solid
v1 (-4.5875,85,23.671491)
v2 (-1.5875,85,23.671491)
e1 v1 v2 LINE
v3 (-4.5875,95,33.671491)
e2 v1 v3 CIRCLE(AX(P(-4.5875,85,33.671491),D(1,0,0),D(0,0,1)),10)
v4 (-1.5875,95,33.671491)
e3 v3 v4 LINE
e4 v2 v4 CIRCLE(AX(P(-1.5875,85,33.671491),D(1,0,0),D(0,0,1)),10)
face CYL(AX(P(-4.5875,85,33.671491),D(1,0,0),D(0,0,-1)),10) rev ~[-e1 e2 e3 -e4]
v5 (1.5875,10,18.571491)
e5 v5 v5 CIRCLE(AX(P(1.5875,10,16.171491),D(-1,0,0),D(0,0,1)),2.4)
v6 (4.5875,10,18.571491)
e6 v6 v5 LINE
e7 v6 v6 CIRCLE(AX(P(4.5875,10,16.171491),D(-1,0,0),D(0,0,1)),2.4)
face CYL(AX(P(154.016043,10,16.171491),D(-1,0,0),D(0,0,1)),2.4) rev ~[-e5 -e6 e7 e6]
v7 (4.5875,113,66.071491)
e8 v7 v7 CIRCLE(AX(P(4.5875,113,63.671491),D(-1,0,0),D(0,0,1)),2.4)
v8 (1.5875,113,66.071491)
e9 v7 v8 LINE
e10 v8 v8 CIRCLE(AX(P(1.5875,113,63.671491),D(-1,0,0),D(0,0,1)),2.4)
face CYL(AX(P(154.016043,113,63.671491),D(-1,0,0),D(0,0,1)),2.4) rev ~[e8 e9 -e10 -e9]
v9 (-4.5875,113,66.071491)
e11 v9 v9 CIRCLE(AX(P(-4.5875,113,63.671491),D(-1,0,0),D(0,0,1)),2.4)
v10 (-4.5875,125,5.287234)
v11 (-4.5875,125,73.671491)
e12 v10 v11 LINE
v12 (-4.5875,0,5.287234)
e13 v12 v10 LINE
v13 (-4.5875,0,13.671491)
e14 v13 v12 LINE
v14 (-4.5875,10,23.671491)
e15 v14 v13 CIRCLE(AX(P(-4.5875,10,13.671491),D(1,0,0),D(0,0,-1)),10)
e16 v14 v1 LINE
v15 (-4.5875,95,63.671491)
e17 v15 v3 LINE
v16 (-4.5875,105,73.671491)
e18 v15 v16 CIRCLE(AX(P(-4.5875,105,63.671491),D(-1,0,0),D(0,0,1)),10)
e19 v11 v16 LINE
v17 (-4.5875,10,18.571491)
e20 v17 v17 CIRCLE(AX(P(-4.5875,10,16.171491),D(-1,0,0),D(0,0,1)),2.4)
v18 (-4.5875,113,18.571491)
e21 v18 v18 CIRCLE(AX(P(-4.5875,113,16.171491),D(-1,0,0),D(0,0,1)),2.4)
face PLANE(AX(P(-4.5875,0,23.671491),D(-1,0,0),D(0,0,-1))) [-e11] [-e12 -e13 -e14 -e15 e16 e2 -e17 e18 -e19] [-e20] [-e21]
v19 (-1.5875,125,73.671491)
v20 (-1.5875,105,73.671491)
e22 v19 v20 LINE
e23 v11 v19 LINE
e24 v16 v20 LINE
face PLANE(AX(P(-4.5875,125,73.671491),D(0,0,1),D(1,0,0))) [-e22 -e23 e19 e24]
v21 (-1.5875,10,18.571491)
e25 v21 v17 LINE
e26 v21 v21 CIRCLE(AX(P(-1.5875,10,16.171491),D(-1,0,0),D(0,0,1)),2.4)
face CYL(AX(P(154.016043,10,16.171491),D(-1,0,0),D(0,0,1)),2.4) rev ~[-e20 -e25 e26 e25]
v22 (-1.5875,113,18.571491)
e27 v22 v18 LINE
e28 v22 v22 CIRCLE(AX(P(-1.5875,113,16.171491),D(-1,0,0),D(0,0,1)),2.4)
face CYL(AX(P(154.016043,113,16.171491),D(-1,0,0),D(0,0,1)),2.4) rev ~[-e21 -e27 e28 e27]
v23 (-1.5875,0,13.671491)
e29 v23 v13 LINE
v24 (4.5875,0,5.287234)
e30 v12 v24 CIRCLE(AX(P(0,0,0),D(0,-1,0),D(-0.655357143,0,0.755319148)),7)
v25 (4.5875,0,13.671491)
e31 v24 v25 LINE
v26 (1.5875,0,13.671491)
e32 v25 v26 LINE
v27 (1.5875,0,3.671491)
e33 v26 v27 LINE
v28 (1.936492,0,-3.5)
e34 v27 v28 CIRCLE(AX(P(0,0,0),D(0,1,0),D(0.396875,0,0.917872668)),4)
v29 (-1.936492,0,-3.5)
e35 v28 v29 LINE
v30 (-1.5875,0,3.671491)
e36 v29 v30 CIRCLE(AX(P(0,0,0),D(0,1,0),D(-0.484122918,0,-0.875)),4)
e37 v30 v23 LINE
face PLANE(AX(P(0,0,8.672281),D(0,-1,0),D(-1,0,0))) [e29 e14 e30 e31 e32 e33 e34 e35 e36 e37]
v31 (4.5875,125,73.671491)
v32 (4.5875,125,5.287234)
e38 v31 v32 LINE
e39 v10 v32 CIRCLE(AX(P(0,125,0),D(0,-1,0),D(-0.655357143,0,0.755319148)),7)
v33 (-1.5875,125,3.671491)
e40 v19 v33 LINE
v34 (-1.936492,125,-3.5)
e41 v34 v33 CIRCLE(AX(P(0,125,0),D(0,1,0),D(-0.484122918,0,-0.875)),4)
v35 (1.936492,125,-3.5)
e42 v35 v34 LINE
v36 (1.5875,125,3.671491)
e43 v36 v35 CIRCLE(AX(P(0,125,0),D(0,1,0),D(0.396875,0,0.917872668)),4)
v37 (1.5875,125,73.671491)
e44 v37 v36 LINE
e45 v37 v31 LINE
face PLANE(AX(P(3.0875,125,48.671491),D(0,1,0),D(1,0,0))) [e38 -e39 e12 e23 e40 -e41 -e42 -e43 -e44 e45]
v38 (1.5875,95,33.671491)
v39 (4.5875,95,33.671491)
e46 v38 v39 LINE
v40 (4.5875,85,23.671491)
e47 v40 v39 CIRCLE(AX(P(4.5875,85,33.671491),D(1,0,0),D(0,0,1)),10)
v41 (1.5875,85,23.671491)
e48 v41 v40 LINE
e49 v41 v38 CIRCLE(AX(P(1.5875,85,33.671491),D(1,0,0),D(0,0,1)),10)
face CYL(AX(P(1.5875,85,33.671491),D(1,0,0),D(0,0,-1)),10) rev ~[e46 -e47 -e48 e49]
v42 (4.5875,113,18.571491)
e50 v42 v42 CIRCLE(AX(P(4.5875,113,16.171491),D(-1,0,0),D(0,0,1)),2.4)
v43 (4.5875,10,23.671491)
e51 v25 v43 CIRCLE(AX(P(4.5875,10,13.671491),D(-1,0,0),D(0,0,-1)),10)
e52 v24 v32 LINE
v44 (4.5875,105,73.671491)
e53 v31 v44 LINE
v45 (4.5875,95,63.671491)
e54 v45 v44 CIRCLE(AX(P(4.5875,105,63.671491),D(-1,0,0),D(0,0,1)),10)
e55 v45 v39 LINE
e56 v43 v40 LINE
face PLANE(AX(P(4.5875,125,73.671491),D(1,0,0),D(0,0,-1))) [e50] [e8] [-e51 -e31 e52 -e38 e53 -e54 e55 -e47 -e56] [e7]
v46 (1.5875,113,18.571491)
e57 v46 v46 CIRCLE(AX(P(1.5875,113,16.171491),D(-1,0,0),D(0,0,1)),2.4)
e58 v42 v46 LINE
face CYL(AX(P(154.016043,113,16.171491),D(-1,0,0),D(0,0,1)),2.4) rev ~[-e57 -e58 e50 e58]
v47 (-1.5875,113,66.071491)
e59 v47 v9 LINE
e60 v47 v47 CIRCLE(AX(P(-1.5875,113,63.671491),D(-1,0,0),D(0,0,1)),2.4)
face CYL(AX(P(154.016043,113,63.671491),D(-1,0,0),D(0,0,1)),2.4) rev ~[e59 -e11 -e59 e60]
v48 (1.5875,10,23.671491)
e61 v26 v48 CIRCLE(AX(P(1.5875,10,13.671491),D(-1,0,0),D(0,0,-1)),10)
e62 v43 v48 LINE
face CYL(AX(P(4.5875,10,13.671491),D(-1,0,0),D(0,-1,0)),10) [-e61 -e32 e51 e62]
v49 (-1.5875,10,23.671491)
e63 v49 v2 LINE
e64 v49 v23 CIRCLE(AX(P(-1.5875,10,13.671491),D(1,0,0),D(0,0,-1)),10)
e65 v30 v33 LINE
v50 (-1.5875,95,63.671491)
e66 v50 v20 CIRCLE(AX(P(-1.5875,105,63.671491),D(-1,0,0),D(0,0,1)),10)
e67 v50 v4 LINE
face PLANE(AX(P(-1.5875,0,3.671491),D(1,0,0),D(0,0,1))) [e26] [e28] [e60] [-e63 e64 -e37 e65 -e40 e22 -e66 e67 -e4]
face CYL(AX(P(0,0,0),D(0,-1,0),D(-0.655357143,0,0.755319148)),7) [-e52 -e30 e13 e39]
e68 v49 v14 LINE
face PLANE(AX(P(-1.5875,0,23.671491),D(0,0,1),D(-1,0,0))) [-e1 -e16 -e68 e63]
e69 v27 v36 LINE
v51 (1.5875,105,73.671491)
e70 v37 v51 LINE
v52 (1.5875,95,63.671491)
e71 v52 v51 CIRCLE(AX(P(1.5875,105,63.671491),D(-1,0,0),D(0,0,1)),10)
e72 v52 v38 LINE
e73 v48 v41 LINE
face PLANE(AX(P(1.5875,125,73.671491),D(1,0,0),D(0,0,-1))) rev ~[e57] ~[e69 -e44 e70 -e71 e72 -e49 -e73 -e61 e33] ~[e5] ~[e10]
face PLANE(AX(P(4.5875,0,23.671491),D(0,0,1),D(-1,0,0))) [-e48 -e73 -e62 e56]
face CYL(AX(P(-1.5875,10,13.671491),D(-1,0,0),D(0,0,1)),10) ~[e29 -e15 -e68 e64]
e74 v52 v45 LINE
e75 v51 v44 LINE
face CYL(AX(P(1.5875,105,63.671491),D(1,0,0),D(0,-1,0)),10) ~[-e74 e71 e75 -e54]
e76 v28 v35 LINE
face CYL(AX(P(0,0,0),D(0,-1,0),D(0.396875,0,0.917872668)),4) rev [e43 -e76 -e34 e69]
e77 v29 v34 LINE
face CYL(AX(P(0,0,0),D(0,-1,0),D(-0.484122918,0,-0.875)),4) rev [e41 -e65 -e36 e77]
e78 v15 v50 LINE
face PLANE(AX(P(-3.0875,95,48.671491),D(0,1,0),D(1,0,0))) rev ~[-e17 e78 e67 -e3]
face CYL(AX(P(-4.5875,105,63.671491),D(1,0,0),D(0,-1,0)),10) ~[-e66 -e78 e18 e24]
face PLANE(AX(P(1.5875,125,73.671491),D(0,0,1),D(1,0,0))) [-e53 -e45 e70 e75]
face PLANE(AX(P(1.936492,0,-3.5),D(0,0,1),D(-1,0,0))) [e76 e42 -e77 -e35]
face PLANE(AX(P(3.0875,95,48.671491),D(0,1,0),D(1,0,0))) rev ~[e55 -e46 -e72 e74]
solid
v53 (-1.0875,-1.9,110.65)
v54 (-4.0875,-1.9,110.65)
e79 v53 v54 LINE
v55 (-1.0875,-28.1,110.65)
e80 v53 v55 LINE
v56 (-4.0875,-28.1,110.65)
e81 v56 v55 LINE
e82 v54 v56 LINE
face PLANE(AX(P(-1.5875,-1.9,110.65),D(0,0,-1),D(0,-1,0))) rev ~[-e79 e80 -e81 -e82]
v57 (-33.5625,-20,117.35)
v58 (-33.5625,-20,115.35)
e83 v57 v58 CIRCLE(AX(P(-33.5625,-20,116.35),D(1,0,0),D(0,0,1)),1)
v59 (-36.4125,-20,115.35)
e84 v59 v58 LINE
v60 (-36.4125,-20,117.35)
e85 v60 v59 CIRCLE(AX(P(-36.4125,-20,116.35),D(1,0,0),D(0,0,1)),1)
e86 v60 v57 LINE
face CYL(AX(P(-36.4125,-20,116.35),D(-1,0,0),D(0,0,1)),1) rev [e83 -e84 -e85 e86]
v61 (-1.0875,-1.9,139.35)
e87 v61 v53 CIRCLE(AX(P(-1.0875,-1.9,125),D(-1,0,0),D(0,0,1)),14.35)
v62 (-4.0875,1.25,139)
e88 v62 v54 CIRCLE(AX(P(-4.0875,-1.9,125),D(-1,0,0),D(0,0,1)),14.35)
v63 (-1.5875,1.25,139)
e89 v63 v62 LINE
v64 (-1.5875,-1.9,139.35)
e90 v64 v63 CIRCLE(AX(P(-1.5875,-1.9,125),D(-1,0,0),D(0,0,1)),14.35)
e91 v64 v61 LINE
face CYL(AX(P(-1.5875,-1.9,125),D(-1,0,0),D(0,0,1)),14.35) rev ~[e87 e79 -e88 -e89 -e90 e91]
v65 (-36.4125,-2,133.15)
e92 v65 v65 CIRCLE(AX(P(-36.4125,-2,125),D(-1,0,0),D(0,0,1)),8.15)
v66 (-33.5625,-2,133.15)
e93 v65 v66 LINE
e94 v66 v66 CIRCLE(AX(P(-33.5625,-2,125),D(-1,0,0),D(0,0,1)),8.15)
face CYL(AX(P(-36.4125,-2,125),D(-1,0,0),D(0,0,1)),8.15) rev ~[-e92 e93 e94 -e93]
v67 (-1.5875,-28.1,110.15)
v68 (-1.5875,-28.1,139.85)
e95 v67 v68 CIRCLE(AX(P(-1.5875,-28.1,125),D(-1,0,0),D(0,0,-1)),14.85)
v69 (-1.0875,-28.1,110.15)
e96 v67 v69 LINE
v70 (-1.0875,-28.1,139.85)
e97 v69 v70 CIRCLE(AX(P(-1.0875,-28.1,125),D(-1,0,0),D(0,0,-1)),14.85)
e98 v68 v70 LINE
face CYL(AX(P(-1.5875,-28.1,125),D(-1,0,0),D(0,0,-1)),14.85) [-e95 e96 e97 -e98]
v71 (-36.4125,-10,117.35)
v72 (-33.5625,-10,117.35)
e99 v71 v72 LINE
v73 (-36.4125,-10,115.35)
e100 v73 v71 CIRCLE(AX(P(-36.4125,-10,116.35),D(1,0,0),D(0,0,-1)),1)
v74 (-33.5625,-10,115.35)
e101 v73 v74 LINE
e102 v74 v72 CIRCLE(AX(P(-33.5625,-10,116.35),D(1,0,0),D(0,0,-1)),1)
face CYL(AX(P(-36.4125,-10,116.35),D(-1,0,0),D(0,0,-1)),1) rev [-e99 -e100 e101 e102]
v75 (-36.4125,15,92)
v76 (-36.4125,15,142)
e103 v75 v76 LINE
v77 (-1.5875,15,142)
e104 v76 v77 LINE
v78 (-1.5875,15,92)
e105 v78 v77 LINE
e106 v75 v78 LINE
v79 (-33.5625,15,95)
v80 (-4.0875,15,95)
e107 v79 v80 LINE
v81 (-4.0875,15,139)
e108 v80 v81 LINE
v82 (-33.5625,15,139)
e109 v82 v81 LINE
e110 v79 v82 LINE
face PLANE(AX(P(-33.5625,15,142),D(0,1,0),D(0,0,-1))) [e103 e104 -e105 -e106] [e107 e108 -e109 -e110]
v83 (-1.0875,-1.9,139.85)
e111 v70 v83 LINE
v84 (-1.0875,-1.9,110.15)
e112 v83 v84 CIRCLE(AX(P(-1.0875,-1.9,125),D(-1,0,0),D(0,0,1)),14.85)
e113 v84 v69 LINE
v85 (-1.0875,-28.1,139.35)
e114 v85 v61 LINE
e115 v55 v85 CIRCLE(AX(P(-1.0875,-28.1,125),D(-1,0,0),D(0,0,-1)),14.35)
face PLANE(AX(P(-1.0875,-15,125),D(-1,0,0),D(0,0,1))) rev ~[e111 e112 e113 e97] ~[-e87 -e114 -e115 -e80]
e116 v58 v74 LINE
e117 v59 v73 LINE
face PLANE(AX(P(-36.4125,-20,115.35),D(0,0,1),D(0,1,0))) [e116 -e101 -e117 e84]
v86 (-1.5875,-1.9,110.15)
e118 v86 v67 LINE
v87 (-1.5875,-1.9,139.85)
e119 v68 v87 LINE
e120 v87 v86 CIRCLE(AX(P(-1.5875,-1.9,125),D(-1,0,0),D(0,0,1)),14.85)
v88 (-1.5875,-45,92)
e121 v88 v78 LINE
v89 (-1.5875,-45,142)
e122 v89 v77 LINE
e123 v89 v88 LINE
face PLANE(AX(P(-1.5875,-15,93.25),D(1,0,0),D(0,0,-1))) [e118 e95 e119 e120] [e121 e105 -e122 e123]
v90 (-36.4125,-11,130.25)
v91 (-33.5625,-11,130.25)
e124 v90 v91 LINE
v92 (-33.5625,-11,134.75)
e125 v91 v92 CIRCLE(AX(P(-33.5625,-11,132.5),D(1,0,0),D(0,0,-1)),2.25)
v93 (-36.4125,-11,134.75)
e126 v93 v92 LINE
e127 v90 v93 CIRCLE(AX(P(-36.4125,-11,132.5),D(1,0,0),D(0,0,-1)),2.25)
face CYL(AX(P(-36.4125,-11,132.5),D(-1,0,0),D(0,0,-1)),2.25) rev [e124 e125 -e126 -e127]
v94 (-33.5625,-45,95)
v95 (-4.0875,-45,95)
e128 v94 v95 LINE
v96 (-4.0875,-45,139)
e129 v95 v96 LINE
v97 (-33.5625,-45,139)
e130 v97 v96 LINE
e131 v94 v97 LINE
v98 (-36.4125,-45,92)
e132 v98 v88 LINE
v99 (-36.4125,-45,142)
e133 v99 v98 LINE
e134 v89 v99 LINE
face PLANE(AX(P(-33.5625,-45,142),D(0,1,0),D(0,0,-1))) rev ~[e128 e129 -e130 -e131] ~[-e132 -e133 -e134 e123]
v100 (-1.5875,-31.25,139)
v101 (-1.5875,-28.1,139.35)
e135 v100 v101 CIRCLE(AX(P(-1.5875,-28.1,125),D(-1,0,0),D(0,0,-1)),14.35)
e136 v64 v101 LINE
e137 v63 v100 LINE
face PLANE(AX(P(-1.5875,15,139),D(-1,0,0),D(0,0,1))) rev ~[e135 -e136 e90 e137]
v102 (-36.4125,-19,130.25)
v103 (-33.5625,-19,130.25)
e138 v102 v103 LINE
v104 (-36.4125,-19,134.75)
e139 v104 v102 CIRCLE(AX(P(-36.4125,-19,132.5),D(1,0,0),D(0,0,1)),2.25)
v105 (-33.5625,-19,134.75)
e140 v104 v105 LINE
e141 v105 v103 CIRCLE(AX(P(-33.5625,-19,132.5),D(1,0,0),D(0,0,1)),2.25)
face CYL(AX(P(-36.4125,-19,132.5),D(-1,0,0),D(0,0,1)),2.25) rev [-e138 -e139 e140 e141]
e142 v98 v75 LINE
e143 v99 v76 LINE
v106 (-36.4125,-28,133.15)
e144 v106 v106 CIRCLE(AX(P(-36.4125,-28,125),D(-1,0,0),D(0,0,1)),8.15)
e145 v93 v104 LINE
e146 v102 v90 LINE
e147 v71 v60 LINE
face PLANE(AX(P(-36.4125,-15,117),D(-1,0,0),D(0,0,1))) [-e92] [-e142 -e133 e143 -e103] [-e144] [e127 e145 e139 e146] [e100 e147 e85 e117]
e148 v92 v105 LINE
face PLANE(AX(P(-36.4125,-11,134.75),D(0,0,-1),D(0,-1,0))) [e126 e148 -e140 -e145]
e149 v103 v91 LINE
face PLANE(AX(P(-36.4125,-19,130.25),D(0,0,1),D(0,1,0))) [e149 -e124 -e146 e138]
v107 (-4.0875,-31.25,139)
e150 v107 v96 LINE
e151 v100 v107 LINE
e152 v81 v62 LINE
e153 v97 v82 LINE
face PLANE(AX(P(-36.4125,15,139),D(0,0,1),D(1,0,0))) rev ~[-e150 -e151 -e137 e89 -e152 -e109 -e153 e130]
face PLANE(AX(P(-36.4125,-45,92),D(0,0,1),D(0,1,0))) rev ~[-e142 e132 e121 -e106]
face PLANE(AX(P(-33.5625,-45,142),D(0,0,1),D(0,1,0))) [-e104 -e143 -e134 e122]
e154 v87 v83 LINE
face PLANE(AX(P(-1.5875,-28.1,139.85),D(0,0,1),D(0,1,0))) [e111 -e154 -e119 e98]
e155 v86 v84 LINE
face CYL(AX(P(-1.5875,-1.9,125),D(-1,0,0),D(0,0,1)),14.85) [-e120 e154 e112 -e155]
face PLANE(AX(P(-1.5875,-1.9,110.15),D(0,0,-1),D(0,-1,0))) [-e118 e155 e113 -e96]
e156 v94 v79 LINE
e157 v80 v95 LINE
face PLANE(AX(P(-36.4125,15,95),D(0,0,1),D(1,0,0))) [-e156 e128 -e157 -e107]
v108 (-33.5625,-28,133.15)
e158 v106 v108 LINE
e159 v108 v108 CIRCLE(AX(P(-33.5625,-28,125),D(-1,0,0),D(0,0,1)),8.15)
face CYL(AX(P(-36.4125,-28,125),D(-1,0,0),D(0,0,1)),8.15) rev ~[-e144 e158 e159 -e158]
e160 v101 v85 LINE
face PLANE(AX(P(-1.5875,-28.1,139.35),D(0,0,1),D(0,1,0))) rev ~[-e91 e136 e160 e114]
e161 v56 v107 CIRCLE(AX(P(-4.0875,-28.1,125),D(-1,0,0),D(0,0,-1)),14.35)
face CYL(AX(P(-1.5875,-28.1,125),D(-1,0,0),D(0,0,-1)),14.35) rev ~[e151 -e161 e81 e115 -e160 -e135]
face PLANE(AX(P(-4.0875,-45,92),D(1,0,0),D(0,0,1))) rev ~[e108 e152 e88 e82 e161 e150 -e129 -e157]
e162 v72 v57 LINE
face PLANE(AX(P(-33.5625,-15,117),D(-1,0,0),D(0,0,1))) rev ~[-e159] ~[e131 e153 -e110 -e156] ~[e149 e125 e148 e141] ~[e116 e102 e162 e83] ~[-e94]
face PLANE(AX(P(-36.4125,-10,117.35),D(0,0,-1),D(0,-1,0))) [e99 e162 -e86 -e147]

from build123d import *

# Parameters (mm, degrees)
BOSS_EXTRUDE1_DEPTH  = 125
SKETCH6_W            = 3
SKETCH6_H            = 50
BOSS_EXTRUDE3_DEPTH  = 30
FILLET6_R            = 10
M4_CLEARANCE_HOLE1_D = 4.8
SKETCH16_W           = 50
SKETCH16_H           = 60
SKETCH16_R           = 8.15
BOSS_EXTRUDE9_DEPTH  = 2.85
SKETCH19_W           = 2.5
SKETCH19_H           = 60
BOSS_EXTRUDE11_DEPTH = 31.975
SKETCH20_W           = 2.5
SKETCH20_H           = 50
BOSS_EXTRUDE12_DEPTH = 60
CUT_EXTRUDE3_DEPTH   = 2.5
BOSS_EXTRUDE13_DEPTH = 0.5
BOSS_EXTRUDE10_START = -60
SKETCH18_W           = 34.825
SKETCH18_H           = 3
BOSS_EXTRUDE10_DEPTH = 60


with BuildPart() as part:
    # Sketch1 → Boss-Extrude1 (new body)
    with BuildSketch(Plane(origin=(0, 0, 0), x_dir=(1, 0, 0), z_dir=(0, 1, 0))):
        with BuildLine():
            Line((-1.5875, -3.671490671), (-1.5875, -23.671490671))
            Line((-1.5875, -23.671490671), (-4.5875, -23.671490671))
            Line((-4.5875, -23.671490671), (-4.5875, -5.287234036))
            ThreePointArc((-4.5875, -5.287234036), (0, 7), (4.5875, -5.287234036))
            Line((4.5875, -5.287234036), (4.5875, -23.671490671))
            Line((4.5875, -23.671490671), (1.5875, -23.671490671))
            Line((1.5875, -23.671490671), (1.5875, -3.671490671))
            ThreePointArc((1.5875, -3.671490671), (3.995272073, -0.194424946), (1.936491673, 3.5))
            Line((1.936491673, 3.5), (-1.936491673, 3.5))
            ThreePointArc((-1.936491673, 3.5), (-3.995272073, -0.194424946), (-1.5875, -3.671490671))
        make_face()
    extrude(amount=BOSS_EXTRUDE1_DEPTH)

    # Sketch6 → Boss-Extrude3 (add)
    with BuildSketch(Plane(origin=(0, 125, 0), x_dir=(1, 0, 0), z_dir=(0, 1, 0))):
        with Locations((3.0875, -48.671490671)):
            Rectangle(SKETCH6_W, SKETCH6_H)
        with Locations((-3.0875, -48.671490671)):
            Rectangle(SKETCH6_W, SKETCH6_H)
    extrude(amount=-BOSS_EXTRUDE3_DEPTH)

    # Fillet6
    fillet6_edges = [part.edges().sort_by_distance(p)[0] for p in [
        (-3.0875, 0, 23.671490671),
        (3.0875, 0, 23.671490671),
        (3.0875, 95, 23.671490671),
        (3.0875, 95, 73.671490671),
        (-3.0875, 95, 23.671490671),
        (-3.0875, 95, 73.671490671),
    ]]
    fillet(fillet6_edges, radius=FILLET6_R)

    # M4 Clearance Hole1 (through all)
    with Locations(Plane(origin=(4.5875, 0, 0), x_dir=(0, 0, -1), z_dir=(1, 0, 0))):
        with Locations((-16.171490671, 113), (-16.171490671, 10), (-63.671490671, 113)):
            Hole(M4_CLEARANCE_HOLE1_D / 2)


with BuildPart() as body_2:
    # Sketch16 → Boss-Extrude9 (new body)
    with BuildSketch(Plane.ZY.offset(36.4125)):
        with Locations((117, -15)):
            Rectangle(SKETCH16_W, SKETCH16_H)
        with Locations((125, -2)):
            Circle(SKETCH16_R, mode=Mode.SUBTRACT)
        with Locations((125, -28)):
            Circle(SKETCH16_R, mode=Mode.SUBTRACT)
        with BuildLine():
            Line((134.75, -11), (134.75, -19))
            ThreePointArc((134.75, -19), (132.5, -21.25), (130.25, -19))
            Line((130.25, -19), (130.25, -11))
            ThreePointArc((130.25, -11), (132.5, -8.75), (134.75, -11))
        make_face(mode=Mode.SUBTRACT)
        with BuildLine():
            Line((117.35, -10), (117.35, -20))
            ThreePointArc((117.35, -20), (116.35, -21), (115.35, -20))
            Line((115.35, -20), (115.35, -10))
            ThreePointArc((115.35, -10), (116.35, -9), (117.35, -10))
        make_face(mode=Mode.SUBTRACT)
    extrude(amount=-BOSS_EXTRUDE9_DEPTH)

    # Sketch19 → Boss-Extrude11 (add)
    with BuildSketch(Plane(origin=(-33.5625, 0, 0), x_dir=(0, 0, -1), z_dir=(1, 0, 0))):
        with Locations((-140.75, -15)):
            Rectangle(SKETCH19_W, SKETCH19_H)
        with Locations((-93.25, -15)):
            Rectangle(SKETCH19_W, SKETCH19_H)
    extrude(amount=BOSS_EXTRUDE11_DEPTH)

    # Sketch20 → Boss-Extrude12 (add)
    with BuildSketch(Plane.XZ.offset(45)):
        with Locations((-2.8375, 117)):
            Rectangle(SKETCH20_W, SKETCH20_H)
    extrude(amount=-BOSS_EXTRUDE12_DEPTH)

    # Sketch21<2> → Cut-Extrude3 (cut)
    with BuildSketch(Plane(origin=(-1.5875, 0, 0), x_dir=(0, 0, -1), z_dir=(1, 0, 0))):
        with BuildLine():
            Line((-110.65, -1.9), (-110.65, -28.1))
            ThreePointArc((-110.65, -28.1), (-125, -42.45), (-139.35, -28.1))
            Line((-139.35, -28.1), (-139.35, -1.9))
            ThreePointArc((-139.35, -1.9), (-125, 12.45), (-110.65, -1.9))
        make_face()
    extrude(amount=-CUT_EXTRUDE3_DEPTH, mode=Mode.SUBTRACT)

    # Sketch21 → Boss-Extrude13 (add)
    with BuildSketch(Plane(origin=(-1.5875, 0, 0), x_dir=(0, 0, -1), z_dir=(1, 0, 0))):
        with BuildLine():
            Line((-110.15, -1.9), (-110.15, -28.1))
            ThreePointArc((-110.15, -28.1), (-125, -42.95), (-139.85, -28.1))
            Line((-139.85, -28.1), (-139.85, -1.9))
            ThreePointArc((-139.85, -1.9), (-125, 12.95), (-110.15, -1.9))
        make_face()
        with BuildLine():
            Line((-110.65, -1.9), (-110.65, -28.1))
            ThreePointArc((-110.65, -28.1), (-125, -42.45), (-139.35, -28.1))
            Line((-139.35, -28.1), (-139.35, -1.9))
            ThreePointArc((-139.35, -1.9), (-125, 12.45), (-110.65, -1.9))
        make_face(mode=Mode.SUBTRACT)
    extrude(amount=BOSS_EXTRUDE13_DEPTH)

    # Sketch18 → Boss-Extrude10 (add)
    with BuildSketch(Plane.XZ.offset(45).offset(BOSS_EXTRUDE10_START)):
        with Locations((-19, 140.5)):
            Rectangle(SKETCH18_W, SKETCH18_H)
        with Locations((-19, 93.5)):
            Rectangle(SKETCH18_W, SKETCH18_H)
    extrude(amount=BOSS_EXTRUDE10_DEPTH)


solid = Compound([part.part, body_2.part])
